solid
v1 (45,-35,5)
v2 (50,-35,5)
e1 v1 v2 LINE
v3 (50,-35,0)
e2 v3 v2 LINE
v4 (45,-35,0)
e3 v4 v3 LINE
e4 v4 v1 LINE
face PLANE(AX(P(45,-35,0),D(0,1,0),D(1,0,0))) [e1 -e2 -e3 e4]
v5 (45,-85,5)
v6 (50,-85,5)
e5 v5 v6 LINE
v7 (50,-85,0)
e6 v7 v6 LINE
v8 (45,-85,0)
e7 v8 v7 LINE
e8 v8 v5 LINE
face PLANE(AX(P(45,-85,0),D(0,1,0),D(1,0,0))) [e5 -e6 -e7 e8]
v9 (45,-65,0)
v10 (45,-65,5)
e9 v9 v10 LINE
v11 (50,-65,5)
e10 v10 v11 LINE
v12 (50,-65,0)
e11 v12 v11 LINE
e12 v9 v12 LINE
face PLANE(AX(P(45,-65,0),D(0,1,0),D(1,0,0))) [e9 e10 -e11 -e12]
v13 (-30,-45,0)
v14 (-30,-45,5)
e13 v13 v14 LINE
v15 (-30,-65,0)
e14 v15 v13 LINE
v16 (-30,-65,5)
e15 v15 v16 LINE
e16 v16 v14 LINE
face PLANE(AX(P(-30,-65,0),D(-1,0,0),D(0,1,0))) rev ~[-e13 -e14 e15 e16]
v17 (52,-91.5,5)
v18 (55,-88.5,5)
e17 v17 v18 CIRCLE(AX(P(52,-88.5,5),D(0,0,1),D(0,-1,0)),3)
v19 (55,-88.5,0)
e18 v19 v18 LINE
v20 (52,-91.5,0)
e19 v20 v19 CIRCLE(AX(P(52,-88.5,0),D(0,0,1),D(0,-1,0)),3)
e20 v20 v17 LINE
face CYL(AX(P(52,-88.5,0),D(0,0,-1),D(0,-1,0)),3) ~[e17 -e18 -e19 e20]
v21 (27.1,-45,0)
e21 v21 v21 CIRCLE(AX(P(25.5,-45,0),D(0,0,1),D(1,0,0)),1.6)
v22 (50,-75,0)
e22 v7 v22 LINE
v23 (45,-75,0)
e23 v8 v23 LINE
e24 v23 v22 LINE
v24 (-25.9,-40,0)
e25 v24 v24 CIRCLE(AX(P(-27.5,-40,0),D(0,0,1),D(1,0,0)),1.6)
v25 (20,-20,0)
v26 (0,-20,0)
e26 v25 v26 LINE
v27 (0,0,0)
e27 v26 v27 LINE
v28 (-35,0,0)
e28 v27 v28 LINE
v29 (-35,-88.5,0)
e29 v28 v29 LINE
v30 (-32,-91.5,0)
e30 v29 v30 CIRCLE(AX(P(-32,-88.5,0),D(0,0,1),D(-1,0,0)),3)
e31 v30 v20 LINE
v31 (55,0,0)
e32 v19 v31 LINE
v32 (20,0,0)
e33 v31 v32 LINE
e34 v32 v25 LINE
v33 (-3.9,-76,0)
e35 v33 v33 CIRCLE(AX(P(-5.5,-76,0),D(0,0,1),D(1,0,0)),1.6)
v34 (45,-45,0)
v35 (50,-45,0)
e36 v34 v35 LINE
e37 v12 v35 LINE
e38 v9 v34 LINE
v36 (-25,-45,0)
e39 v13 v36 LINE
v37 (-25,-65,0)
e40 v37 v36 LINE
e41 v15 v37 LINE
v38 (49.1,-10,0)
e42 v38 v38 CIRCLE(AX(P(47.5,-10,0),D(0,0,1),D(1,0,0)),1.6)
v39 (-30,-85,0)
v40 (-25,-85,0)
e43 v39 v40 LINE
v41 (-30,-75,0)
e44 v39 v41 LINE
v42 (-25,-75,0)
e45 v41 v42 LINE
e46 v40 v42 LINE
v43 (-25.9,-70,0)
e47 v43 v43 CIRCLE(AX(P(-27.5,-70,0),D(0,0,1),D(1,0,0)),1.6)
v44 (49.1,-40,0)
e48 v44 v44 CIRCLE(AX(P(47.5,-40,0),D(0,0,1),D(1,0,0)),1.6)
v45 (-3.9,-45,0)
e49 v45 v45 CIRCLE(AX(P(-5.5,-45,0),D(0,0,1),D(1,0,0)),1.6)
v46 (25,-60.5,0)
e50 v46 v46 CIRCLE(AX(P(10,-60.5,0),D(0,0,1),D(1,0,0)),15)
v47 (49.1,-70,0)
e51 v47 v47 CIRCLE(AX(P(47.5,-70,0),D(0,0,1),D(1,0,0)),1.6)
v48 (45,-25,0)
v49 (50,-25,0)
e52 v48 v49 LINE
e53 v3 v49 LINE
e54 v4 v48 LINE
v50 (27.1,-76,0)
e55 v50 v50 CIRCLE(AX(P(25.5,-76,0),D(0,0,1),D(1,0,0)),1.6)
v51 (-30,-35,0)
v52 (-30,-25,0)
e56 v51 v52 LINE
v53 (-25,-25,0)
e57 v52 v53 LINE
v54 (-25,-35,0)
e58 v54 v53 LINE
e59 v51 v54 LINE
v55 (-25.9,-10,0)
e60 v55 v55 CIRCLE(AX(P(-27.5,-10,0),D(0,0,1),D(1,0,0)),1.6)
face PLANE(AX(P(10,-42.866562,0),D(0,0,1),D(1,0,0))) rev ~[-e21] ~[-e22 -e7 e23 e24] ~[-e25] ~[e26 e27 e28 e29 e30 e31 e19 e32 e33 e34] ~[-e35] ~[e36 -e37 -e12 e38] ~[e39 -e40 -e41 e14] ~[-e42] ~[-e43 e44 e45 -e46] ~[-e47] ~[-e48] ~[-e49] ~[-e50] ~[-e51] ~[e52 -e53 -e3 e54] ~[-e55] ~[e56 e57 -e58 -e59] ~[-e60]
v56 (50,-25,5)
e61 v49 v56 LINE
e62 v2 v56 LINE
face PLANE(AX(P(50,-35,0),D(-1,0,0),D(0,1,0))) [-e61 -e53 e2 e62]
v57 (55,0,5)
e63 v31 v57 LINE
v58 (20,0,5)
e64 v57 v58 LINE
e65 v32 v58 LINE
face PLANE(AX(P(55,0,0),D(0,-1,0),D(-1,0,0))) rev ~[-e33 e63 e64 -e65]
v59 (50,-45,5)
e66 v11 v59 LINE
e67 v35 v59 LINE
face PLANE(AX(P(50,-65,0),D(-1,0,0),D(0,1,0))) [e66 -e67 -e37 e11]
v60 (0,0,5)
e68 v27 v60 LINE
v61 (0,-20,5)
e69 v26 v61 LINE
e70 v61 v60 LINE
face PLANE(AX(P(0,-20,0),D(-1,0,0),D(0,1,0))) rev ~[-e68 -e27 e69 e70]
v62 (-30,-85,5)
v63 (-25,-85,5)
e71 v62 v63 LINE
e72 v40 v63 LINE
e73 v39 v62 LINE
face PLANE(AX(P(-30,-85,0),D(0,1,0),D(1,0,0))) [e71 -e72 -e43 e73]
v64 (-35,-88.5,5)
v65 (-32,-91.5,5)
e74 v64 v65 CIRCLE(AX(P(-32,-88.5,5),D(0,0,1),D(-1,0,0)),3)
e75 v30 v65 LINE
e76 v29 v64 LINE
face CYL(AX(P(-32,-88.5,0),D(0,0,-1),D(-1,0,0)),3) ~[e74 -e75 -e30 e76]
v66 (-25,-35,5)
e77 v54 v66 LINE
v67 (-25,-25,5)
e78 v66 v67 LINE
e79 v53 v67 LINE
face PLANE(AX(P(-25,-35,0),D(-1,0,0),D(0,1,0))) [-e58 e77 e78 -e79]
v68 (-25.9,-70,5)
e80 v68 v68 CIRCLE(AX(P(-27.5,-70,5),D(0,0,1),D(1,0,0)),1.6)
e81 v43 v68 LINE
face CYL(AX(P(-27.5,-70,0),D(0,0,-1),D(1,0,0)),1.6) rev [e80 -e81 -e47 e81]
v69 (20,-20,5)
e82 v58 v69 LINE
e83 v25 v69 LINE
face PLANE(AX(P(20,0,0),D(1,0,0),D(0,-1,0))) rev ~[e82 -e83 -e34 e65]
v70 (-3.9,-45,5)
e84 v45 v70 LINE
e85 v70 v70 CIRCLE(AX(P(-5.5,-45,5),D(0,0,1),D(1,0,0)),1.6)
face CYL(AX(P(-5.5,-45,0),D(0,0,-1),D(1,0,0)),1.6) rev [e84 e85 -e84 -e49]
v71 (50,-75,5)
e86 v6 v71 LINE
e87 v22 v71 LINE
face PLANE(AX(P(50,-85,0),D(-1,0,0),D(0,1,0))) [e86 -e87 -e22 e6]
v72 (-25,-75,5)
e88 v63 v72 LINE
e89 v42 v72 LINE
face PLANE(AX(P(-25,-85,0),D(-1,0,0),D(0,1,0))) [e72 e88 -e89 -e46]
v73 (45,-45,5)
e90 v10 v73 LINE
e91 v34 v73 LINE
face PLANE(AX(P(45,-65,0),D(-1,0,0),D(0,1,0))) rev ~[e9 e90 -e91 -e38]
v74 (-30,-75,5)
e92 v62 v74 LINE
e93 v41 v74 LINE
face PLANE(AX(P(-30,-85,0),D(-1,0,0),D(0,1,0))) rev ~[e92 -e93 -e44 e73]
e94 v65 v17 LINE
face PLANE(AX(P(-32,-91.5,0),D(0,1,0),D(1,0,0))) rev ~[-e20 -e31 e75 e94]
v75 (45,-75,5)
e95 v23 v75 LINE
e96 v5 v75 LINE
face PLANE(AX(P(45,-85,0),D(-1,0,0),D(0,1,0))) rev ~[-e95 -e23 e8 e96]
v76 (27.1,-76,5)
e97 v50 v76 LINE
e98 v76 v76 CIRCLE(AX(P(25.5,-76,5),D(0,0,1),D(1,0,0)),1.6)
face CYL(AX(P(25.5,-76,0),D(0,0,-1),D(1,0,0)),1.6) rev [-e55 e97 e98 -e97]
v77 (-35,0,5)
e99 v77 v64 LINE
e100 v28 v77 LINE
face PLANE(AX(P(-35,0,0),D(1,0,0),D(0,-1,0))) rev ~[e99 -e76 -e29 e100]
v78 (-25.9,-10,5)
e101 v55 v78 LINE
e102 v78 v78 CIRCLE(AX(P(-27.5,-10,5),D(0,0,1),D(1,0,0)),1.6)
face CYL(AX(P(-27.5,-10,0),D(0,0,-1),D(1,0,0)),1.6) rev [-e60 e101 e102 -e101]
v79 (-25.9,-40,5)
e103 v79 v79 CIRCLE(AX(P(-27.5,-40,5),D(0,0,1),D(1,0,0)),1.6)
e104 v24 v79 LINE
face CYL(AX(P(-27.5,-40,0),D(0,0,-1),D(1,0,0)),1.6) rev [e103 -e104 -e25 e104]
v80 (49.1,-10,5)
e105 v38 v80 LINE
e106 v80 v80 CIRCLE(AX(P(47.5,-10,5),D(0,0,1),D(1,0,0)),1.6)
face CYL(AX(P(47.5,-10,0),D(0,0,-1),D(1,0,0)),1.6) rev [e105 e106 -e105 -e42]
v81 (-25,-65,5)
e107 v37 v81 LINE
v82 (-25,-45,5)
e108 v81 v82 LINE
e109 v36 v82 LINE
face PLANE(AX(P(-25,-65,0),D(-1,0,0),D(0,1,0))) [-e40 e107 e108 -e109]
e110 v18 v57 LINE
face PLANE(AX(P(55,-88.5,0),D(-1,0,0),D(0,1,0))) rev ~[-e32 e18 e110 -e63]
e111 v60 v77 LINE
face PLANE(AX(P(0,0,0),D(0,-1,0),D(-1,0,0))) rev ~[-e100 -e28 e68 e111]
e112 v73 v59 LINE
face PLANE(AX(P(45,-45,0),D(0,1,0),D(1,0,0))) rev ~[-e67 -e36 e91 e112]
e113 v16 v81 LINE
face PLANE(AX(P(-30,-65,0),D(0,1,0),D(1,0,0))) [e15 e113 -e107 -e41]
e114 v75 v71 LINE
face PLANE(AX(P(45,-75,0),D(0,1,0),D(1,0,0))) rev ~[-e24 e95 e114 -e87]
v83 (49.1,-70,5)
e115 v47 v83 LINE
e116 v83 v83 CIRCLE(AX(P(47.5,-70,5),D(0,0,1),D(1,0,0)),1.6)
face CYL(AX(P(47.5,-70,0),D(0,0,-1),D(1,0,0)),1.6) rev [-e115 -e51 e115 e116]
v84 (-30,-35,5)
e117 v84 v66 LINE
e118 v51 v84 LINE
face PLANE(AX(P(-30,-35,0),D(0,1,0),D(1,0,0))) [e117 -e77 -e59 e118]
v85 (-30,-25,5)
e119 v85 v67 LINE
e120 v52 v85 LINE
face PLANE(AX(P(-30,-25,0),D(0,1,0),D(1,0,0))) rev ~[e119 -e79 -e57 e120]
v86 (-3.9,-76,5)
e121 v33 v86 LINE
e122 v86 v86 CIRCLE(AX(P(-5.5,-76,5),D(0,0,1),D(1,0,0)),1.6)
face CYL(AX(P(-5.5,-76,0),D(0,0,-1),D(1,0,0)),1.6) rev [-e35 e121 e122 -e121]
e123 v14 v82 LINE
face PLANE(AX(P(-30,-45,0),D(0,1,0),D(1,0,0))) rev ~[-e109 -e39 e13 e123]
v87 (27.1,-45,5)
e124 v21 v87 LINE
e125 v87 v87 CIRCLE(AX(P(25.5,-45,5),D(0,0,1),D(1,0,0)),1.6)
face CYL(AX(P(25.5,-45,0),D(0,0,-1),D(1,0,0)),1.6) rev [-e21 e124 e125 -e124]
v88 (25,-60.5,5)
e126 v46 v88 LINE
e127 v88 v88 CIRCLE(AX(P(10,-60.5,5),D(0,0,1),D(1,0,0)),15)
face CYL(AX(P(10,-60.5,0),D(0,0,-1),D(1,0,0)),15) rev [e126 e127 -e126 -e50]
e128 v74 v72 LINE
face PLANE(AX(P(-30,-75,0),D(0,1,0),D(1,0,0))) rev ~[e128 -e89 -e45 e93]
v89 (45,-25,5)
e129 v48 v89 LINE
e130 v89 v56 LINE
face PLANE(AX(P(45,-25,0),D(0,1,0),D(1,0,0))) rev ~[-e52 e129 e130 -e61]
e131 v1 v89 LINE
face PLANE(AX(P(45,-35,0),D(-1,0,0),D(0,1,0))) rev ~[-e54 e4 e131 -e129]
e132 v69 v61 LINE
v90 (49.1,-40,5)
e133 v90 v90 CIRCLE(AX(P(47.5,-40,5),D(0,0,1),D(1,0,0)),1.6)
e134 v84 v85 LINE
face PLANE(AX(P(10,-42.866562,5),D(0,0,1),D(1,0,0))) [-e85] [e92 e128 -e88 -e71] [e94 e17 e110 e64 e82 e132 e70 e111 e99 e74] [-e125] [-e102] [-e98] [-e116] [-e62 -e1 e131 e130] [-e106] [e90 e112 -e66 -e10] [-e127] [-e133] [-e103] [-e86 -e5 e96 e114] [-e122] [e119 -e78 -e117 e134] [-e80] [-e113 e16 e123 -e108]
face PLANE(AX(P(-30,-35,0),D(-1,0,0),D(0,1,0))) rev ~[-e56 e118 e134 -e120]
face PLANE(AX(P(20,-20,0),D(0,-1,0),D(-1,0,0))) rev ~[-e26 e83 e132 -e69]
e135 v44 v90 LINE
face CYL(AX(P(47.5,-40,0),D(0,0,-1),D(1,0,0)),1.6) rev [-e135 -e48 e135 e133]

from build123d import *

# Parameters (mm, degrees)
F1_W     = 5
F1_H     = 10
F1_R     = 1.6
F1_H_2   = 20
F1_R_2   = 15
F2_DEPTH = 5


with BuildPart() as f2:
    # F1 (on Top) → F2 (new body)
    with BuildSketch(Plane.XY):
        with BuildLine():
            Line((0, -20), (0, 0))
            Line((0, 0), (-35, 0))
            Line((-35, 0), (-35, -88.5))
            ThreePointArc((-35, -88.5), (-34.1213203436, -90.6213203436), (-32, -91.5))
            Line((-32, -91.5), (52, -91.5))
            ThreePointArc((52, -91.5), (54.1213203436, -90.6213203436), (55, -88.5))
            Line((55, -88.5), (55, 0))
            Line((55, 0), (20, 0))
            Line((20, 0), (20, -20))
            Line((20, -20), (0, -20))
        make_face()
        with Locations((-27.5, -80)):
            Rectangle(F1_W, F1_H, mode=Mode.SUBTRACT)
        with Locations((-27.5, -70)):
            Circle(F1_R, mode=Mode.SUBTRACT)
        with Locations((-5.5, -76)):
            Circle(F1_R, mode=Mode.SUBTRACT)
        with Locations((-27.5, -55)):
            Rectangle(F1_W, F1_H_2, mode=Mode.SUBTRACT)
        with Locations((25.5, -76)):
            Circle(F1_R, mode=Mode.SUBTRACT)
        with Locations((47.5, -80)):
            Rectangle(F1_W, F1_H, mode=Mode.SUBTRACT)
        with Locations((47.5, -70)):
            Circle(F1_R, mode=Mode.SUBTRACT)
        with Locations((10, -60.5)):
            Circle(F1_R_2, mode=Mode.SUBTRACT)
        with Locations((47.5, -55)):
            Rectangle(F1_W, F1_H_2, mode=Mode.SUBTRACT)
        with Locations((-27.5, -40)):
            Circle(F1_R, mode=Mode.SUBTRACT)
        with Locations((-27.5, -30)):
            Rectangle(F1_W, F1_H, mode=Mode.SUBTRACT)
        with Locations((-5.5, -45)):
            Circle(F1_R, mode=Mode.SUBTRACT)
        with Locations((-27.5, -10)):
            Circle(F1_R, mode=Mode.SUBTRACT)
        with Locations((25.5, -45)):
            Circle(F1_R, mode=Mode.SUBTRACT)
        with Locations((47.5, -40)):
            Circle(F1_R, mode=Mode.SUBTRACT)
        with Locations((47.5, -30)):
            Rectangle(F1_W, F1_H, mode=Mode.SUBTRACT)
        with Locations((47.5, -10)):
            Circle(F1_R, mode=Mode.SUBTRACT)
    extrude(amount=F2_DEPTH)


solid = f2.part
